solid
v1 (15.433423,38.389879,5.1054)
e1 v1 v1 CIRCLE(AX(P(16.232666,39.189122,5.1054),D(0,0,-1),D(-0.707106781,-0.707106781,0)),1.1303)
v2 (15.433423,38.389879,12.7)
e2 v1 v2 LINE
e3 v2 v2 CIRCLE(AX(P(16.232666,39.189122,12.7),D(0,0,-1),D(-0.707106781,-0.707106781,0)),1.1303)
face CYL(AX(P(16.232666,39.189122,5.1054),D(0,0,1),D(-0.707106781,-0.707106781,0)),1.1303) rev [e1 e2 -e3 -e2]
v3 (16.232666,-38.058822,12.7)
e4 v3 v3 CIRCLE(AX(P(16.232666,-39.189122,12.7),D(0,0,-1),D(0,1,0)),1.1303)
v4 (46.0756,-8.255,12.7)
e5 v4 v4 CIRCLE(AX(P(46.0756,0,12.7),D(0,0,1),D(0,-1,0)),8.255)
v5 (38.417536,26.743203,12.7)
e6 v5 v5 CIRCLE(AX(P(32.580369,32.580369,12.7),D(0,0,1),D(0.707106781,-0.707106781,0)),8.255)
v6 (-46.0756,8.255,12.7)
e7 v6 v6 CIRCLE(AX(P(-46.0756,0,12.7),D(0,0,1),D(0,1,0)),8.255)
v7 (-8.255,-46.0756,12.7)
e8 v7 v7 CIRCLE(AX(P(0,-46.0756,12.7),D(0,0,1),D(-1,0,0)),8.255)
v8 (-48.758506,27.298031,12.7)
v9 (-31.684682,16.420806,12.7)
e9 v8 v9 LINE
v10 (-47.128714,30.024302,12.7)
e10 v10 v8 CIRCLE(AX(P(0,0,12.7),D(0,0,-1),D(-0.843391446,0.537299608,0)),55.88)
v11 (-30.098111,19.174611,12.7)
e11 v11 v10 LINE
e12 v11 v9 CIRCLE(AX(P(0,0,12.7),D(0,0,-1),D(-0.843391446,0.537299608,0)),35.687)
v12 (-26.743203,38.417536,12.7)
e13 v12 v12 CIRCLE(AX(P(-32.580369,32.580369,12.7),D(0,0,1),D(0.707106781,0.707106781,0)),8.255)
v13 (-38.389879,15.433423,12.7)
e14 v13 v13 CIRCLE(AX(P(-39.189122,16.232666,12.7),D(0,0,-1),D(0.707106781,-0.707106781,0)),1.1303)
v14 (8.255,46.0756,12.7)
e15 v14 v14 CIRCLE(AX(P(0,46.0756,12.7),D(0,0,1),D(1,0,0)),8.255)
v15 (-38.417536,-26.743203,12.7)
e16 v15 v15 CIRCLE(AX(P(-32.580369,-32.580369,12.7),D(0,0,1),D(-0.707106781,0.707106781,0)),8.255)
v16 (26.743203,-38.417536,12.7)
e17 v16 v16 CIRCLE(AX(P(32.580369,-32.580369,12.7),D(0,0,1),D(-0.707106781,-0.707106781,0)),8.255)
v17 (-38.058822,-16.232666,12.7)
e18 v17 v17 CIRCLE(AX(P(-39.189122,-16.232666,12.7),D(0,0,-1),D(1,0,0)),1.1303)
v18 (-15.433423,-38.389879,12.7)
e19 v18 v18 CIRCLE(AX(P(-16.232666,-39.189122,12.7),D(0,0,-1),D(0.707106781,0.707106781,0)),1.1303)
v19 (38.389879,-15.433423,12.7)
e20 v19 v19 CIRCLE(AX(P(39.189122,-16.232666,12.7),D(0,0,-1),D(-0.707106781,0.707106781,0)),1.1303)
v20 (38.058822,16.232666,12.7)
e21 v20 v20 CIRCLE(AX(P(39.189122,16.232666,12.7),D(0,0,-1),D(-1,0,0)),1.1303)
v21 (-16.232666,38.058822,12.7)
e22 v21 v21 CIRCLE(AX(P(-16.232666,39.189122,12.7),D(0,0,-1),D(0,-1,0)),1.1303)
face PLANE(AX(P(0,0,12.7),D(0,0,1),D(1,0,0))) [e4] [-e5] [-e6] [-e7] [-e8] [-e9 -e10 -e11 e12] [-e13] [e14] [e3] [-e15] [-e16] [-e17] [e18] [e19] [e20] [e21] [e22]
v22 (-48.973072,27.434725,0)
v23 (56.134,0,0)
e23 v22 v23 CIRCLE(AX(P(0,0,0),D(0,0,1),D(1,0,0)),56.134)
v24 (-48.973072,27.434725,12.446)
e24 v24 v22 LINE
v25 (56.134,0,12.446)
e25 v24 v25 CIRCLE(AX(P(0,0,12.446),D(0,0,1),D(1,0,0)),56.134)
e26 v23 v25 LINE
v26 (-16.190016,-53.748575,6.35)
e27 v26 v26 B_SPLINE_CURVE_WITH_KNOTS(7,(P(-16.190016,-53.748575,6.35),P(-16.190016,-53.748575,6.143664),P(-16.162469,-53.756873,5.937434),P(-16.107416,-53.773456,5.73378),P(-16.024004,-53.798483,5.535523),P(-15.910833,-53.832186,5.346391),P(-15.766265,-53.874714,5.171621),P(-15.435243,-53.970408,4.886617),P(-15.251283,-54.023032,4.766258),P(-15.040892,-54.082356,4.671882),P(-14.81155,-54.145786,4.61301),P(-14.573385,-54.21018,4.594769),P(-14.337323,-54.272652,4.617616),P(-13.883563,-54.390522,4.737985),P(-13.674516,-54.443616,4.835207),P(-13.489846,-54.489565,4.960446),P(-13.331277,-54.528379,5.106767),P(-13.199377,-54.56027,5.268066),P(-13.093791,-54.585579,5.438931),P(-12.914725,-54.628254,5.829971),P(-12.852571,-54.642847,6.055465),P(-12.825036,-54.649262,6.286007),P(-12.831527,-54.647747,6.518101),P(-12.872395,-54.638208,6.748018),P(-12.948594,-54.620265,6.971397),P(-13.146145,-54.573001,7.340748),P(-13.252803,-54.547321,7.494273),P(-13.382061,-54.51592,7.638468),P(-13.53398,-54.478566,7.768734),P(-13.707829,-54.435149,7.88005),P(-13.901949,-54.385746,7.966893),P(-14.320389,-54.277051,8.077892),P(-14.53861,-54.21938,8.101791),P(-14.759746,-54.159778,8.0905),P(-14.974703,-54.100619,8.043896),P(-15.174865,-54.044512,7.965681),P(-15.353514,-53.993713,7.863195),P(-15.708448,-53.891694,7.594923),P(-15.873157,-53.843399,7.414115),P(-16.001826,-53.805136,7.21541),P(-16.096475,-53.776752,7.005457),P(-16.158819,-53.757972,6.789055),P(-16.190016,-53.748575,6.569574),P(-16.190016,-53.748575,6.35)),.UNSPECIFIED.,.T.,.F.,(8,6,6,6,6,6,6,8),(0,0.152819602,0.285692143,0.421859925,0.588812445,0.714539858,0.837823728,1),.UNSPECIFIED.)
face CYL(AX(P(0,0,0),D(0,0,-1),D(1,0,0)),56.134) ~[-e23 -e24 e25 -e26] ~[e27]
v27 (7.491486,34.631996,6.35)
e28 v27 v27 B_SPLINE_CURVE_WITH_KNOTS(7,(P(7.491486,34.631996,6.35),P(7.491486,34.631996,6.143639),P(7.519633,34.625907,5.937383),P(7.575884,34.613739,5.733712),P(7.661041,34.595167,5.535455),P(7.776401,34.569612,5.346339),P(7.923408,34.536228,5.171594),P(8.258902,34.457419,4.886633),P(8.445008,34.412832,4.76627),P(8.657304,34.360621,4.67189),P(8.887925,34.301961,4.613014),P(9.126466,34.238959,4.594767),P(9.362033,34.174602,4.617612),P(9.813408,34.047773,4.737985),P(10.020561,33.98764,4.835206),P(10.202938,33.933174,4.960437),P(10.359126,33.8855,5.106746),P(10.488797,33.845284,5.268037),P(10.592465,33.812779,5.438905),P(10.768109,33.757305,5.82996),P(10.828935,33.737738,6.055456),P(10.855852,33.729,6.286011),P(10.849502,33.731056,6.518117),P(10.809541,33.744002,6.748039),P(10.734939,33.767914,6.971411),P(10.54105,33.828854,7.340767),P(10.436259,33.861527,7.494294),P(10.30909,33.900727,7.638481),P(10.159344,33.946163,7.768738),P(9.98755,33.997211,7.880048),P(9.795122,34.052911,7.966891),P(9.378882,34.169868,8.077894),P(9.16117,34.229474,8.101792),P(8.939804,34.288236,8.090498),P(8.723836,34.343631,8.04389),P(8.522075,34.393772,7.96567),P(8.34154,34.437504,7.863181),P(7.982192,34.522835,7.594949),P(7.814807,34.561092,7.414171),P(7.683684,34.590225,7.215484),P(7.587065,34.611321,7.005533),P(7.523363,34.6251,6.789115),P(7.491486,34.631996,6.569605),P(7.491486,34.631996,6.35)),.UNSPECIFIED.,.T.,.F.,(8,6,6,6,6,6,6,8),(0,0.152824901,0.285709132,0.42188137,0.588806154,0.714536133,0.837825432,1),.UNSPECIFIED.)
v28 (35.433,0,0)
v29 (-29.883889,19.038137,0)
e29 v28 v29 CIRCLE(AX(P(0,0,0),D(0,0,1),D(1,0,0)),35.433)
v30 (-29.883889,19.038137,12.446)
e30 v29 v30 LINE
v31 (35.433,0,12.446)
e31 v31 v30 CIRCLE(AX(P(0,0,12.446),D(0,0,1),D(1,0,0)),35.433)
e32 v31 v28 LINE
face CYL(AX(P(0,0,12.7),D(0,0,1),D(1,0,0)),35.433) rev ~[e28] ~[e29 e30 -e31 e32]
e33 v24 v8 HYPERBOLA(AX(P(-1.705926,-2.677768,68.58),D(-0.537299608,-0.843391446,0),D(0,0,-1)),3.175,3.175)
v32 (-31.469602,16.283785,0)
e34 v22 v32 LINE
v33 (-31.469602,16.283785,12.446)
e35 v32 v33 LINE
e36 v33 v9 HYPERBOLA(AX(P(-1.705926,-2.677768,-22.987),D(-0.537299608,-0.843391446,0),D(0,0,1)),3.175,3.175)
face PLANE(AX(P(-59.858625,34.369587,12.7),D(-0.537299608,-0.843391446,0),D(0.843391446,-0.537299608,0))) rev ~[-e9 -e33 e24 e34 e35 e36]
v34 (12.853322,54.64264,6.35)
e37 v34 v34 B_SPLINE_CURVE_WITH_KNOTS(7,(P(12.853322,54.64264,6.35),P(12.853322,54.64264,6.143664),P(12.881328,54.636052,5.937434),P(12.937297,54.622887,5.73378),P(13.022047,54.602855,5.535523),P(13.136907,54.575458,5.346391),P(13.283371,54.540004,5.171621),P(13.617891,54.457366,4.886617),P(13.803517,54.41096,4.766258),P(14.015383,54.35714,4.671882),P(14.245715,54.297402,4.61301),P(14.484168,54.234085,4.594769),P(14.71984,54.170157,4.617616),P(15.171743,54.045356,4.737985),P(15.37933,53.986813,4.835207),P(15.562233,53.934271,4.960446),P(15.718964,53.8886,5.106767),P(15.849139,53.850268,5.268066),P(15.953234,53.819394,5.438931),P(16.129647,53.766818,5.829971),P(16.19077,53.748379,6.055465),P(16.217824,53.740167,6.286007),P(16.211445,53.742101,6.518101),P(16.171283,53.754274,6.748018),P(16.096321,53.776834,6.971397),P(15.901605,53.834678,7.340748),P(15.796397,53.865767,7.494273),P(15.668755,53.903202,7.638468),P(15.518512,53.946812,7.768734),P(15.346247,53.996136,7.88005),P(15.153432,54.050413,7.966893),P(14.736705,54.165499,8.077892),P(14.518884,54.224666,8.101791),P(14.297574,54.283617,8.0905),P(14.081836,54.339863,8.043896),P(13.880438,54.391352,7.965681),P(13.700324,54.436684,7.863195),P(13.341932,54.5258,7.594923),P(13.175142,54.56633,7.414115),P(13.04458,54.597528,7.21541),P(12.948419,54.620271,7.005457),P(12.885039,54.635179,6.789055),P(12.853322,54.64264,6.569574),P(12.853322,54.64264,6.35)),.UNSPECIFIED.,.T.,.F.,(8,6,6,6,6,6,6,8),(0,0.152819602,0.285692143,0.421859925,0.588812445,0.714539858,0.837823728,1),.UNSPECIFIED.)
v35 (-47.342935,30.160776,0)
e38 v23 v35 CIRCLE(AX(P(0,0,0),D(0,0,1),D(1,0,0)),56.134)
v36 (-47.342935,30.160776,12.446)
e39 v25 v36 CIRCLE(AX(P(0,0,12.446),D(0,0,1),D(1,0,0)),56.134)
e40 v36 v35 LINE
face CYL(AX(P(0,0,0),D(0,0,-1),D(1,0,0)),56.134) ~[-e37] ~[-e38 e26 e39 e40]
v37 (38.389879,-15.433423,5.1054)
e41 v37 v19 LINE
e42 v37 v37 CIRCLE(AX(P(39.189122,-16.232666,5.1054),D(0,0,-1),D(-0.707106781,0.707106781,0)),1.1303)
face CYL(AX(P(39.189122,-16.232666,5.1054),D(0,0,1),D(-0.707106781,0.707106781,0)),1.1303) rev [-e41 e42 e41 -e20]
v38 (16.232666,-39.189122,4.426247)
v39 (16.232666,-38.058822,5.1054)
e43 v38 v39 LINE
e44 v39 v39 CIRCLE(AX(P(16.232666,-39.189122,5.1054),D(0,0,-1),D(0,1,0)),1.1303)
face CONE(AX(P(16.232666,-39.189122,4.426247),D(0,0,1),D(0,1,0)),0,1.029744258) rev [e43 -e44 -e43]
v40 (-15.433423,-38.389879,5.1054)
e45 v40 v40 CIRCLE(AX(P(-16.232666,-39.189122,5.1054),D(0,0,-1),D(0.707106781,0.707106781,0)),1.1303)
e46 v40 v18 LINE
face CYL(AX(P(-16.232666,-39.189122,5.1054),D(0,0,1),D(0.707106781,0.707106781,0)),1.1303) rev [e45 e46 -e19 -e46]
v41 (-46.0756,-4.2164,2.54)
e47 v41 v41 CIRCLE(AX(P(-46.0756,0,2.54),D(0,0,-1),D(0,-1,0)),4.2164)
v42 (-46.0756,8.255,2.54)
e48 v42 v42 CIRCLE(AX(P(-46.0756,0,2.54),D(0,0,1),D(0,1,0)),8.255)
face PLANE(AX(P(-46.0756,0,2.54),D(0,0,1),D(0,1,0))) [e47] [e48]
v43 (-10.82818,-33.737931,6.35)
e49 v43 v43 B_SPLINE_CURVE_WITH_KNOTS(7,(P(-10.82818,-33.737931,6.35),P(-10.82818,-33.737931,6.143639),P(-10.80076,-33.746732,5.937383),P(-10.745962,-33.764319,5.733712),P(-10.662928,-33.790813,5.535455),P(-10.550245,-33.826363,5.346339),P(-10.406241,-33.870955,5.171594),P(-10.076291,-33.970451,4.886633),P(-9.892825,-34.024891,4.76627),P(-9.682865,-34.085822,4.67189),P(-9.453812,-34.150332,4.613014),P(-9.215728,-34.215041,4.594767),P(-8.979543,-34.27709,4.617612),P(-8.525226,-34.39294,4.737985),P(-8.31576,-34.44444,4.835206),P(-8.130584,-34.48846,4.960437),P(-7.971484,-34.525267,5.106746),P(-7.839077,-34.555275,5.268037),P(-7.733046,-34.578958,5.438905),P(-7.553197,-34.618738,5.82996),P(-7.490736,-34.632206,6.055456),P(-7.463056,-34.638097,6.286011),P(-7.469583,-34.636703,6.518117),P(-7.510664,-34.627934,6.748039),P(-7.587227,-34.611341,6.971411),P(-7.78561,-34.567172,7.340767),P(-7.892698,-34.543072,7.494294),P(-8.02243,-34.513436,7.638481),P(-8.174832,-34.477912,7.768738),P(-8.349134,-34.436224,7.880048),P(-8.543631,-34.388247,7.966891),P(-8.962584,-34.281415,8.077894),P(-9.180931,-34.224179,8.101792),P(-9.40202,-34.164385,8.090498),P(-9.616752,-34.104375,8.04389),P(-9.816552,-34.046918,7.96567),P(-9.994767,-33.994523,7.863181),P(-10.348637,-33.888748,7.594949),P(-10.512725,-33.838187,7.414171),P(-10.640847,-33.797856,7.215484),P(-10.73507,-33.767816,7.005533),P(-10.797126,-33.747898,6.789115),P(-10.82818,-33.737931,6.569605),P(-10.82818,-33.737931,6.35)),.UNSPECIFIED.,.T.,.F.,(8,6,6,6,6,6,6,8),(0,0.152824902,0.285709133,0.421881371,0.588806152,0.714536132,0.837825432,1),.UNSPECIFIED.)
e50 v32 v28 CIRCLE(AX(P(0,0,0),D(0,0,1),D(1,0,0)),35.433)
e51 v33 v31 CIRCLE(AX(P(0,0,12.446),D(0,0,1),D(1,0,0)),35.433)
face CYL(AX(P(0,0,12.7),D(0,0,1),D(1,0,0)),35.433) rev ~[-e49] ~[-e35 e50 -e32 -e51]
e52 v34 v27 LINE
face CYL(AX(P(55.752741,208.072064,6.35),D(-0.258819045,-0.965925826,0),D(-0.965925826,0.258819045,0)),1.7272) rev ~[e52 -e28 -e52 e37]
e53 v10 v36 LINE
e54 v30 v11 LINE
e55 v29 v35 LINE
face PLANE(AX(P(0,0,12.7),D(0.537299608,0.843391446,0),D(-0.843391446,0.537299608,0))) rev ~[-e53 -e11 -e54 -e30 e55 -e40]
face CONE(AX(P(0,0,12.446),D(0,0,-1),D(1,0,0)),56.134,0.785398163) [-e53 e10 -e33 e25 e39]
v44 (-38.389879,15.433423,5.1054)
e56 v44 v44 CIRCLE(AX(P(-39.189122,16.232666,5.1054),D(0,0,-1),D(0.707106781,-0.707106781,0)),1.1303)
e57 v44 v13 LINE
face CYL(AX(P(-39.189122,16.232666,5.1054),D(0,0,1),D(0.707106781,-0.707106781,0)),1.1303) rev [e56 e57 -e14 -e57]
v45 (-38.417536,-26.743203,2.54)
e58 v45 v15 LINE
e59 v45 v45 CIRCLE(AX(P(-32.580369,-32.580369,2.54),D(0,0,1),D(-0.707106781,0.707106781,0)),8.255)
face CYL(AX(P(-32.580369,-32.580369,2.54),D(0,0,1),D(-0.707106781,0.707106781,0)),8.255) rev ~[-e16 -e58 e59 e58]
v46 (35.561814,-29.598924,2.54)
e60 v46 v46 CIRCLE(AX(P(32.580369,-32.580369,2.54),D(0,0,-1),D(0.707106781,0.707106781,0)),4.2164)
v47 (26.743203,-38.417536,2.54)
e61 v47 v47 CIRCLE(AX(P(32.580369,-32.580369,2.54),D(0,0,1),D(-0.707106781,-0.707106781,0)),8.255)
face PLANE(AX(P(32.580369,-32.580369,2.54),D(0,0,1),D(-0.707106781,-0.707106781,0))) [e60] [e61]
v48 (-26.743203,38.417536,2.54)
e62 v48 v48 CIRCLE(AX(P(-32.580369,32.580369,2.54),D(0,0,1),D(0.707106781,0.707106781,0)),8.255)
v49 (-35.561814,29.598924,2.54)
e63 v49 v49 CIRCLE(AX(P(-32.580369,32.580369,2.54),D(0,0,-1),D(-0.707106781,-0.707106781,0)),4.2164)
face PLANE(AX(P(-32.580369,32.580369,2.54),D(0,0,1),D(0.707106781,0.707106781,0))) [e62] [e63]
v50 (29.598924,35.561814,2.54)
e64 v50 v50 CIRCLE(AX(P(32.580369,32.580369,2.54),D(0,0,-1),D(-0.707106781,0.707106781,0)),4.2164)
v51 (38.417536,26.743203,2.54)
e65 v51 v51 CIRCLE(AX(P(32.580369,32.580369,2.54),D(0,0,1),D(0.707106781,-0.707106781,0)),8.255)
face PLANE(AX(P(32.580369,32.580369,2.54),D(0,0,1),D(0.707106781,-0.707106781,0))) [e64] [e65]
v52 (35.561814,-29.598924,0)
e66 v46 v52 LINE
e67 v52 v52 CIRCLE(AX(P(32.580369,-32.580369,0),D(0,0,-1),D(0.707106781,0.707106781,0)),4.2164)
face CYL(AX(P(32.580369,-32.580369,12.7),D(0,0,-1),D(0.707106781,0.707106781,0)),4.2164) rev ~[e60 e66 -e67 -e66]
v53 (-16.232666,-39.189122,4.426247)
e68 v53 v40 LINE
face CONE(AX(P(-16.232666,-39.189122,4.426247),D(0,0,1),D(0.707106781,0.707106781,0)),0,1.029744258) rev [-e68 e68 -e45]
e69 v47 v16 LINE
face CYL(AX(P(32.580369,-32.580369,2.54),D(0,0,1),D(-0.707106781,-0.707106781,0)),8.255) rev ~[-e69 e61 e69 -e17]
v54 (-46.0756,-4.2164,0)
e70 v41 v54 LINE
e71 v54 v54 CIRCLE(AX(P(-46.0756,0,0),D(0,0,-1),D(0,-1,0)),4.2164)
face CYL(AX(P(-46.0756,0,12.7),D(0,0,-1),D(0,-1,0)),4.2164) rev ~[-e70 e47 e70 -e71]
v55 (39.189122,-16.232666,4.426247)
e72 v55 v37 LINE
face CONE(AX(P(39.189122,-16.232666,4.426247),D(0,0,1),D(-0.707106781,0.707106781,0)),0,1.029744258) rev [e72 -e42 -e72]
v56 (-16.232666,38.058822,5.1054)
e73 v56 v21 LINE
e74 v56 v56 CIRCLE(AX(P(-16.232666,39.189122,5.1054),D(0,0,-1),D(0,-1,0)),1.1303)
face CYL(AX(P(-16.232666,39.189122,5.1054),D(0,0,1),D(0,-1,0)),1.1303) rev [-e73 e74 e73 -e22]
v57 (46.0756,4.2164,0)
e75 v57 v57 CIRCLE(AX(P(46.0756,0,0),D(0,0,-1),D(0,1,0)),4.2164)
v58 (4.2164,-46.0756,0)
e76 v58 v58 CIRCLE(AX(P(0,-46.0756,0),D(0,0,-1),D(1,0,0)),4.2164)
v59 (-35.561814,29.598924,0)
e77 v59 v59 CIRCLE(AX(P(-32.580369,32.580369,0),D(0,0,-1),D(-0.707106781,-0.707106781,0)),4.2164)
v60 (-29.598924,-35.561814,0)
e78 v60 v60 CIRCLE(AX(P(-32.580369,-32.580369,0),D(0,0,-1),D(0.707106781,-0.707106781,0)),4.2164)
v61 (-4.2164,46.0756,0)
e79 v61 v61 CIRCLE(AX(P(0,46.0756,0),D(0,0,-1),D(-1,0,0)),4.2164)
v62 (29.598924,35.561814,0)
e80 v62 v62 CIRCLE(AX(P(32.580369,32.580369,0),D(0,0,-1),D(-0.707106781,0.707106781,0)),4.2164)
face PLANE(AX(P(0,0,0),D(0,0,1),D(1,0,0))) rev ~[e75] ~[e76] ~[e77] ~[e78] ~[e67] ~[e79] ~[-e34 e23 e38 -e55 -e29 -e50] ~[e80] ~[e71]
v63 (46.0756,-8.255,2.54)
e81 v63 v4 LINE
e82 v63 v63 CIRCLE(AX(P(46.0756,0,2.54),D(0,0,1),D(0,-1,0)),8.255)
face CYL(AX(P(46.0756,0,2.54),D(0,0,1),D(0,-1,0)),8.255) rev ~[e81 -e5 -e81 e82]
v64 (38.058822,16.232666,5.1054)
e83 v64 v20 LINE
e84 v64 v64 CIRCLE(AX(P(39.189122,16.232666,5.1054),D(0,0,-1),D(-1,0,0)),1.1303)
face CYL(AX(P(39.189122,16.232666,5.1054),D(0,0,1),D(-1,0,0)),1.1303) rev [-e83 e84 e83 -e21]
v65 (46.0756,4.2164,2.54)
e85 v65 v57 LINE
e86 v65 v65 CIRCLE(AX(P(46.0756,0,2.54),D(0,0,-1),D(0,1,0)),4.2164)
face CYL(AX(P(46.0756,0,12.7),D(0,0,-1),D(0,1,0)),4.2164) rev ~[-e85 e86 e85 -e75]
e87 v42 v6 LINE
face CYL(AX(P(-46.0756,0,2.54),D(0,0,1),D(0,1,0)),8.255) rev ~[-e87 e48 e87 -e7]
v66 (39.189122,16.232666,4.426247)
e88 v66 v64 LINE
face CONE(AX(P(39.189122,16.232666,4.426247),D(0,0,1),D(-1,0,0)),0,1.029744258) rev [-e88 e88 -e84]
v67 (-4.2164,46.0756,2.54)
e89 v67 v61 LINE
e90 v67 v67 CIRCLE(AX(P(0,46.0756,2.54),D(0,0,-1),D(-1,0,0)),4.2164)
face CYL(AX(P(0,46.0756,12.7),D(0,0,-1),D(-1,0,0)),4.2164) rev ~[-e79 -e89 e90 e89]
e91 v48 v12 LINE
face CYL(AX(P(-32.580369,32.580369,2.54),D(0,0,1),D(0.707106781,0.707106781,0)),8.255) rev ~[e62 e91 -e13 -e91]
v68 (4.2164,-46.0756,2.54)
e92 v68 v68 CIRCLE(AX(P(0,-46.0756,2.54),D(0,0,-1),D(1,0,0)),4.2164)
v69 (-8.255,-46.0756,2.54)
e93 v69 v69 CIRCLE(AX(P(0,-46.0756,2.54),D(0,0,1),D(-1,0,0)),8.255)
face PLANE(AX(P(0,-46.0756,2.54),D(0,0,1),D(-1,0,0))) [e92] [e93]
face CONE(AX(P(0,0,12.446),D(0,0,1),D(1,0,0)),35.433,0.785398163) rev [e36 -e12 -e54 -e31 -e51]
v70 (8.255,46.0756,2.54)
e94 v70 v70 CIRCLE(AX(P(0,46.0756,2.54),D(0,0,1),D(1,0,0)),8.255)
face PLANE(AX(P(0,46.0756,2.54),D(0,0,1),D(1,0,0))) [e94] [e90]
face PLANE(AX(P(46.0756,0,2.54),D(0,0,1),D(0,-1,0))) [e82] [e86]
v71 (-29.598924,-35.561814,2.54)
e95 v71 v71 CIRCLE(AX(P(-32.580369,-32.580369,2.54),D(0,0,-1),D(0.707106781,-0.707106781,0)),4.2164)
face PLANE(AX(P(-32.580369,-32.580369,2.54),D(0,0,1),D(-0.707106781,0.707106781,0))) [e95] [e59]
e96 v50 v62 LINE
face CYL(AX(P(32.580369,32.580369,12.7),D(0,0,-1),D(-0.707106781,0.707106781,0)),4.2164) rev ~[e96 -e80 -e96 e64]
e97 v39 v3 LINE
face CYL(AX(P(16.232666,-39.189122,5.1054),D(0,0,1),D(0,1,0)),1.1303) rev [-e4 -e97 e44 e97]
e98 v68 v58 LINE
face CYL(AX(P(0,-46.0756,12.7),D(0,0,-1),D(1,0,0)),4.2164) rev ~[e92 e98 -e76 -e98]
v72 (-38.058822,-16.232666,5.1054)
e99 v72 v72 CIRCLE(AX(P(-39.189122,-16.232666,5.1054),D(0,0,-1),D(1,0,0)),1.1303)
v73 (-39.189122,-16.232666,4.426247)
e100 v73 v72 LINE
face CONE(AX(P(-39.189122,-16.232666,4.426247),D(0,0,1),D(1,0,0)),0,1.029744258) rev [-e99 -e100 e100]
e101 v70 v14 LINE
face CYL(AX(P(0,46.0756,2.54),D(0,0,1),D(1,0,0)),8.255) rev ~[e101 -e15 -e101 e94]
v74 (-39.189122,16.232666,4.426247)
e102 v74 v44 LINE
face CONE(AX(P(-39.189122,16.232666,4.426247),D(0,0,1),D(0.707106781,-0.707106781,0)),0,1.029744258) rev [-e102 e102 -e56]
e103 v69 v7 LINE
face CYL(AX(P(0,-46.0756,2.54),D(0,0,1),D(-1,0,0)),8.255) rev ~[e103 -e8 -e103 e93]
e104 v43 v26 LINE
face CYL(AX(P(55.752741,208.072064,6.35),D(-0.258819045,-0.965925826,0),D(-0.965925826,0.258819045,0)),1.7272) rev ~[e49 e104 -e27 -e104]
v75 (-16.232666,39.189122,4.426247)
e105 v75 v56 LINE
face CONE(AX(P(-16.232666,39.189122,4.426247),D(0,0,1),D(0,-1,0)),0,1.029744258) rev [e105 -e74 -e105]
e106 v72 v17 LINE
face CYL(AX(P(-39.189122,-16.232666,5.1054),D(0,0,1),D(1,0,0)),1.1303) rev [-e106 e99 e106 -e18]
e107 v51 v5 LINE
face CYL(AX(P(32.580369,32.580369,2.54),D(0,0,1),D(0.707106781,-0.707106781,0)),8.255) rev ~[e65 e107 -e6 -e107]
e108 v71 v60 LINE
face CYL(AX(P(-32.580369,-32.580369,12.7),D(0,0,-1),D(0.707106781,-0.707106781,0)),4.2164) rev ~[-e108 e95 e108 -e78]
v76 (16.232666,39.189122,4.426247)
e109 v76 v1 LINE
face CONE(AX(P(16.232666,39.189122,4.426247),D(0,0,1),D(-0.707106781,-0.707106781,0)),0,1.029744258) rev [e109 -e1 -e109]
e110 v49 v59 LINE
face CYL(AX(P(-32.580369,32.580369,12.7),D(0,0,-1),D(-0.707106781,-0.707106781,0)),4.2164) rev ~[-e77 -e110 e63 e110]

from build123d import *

# Parameters (mm, degrees)
SKETCH2_R                                 = 56.134
BOSS_EXTRUDE1_DEPTH                       = 12.7
SKETCH3_R                                 = 35.433
CUT_EXTRUDE1_DEPTH                        = 81.394912227
CHAMFER1_SIZE                             = 0.254
CBORE_FOR_5_16_HEX_HEAD_BOLT2_D           = 8.4328
CBORE_FOR_5_16_HEX_HEAD_BOLT2_CBORE_D     = 16.51
CBORE_FOR_5_16_HEX_HEAD_BOLT2_CBORE_DEPTH = 10.16
CIRPATTERN1_COUNT                         = 8
CIRPATTERN2_COUNT                         = 8
CUT_EXTRUDE2_DEPTH                        = 81.394912227
F_8_32_TAPPED_HOLE2_D                     = 3.4544


with BuildPart() as part:
    # Sketch2 → Boss-Extrude1 (new body)
    with BuildSketch(Plane.XY):
        Circle(SKETCH2_R)
    extrude(amount=BOSS_EXTRUDE1_DEPTH)

    # Sketch3 → Cut-Extrude1 (cut, through all)
    with BuildSketch(Plane.XY.offset(12.7)):
        Circle(SKETCH3_R)
    extrude(amount=-CUT_EXTRUDE1_DEPTH, mode=Mode.SUBTRACT)

    # Chamfer1
    chamfer1_edges = [part.edges().sort_by_distance(p)[0] for p in [
        (-56.134, 0, 12.7),
        (-35.433, 0, 12.7),
    ]]
    chamfer(chamfer1_edges, length=CHAMFER1_SIZE)

    # CBORE for 5/16 Hex Head Bolt2 (through all)
    with Locations(Plane.XY.offset(12.7)):
        with Locations((0, 46.0756)):
            cbore_for_5_16_hex_head_bolt2 = CounterBoreHole(CBORE_FOR_5_16_HEX_HEAD_BOLT2_D / 2, CBORE_FOR_5_16_HEX_HEAD_BOLT2_CBORE_D / 2, CBORE_FOR_5_16_HEX_HEAD_BOLT2_CBORE_DEPTH)

    # CirPattern1: CBORE for 5/16 Hex Head Bolt2 ×8 about axis
    cirpattern1_axis = Axis((0, 0, 0), (0, 0, 1))
    for i in range(1, CIRPATTERN1_COUNT):
        add(cbore_for_5_16_hex_head_bolt2.rotate(cirpattern1_axis, i * 360 / CIRPATTERN1_COUNT), mode=Mode.SUBTRACT)

    # Sketch21 → #4-40 Tapped Hole1 (revolve, cut)
    with BuildSketch(Plane(origin=(-16.232665834, 39.18912201, 12.7), x_dir=(0, -1, 0), z_dir=(1, 0, 0))):
        Polygon((0, 0), (0, 8.273752758), (1.1303, 7.5946), (1.1303, 0), align=None)
    f_4_40_tapped_hole1 = revolve(axis=Axis((-16.232665834, 39.18912201, 19.05), (0, 0, -1)), mode=Mode.SUBTRACT)

    # CirPattern2: #4-40 Tapped Hole1 ×8 about axis
    cirpattern2_axis = Axis((0, 0, 0), (0, 0, 1))
    for i in range(1, CIRPATTERN2_COUNT):
        add(f_4_40_tapped_hole1.rotate(cirpattern2_axis, i * 360 / CIRPATTERN2_COUNT), mode=Mode.SUBTRACT)

    # Sketch26 → Cut-Extrude2 (cut, through all)
    with BuildSketch(Plane.XY.offset(12.7)):
        Polygon((0, 0), (-58.152698702, 37.047354929), (-59.858624959, 34.369587088), (-1.705926257, -2.67776784), align=None)
    extrude(amount=-CUT_EXTRUDE2_DEPTH, mode=Mode.SUBTRACT)

    # #8-32 Tapped Hole2 (through all)
    with Locations(Plane(origin=(14.528548278, 54.221280333, 6.35), x_dir=(0.965925826289, -0.258819045103, 0), z_dir=(0.258819045103, 0.965925826289, 0))):
        with Locations((0, 0)):
            Hole(F_8_32_TAPPED_HOLE2_D / 2)


solid = part.part
